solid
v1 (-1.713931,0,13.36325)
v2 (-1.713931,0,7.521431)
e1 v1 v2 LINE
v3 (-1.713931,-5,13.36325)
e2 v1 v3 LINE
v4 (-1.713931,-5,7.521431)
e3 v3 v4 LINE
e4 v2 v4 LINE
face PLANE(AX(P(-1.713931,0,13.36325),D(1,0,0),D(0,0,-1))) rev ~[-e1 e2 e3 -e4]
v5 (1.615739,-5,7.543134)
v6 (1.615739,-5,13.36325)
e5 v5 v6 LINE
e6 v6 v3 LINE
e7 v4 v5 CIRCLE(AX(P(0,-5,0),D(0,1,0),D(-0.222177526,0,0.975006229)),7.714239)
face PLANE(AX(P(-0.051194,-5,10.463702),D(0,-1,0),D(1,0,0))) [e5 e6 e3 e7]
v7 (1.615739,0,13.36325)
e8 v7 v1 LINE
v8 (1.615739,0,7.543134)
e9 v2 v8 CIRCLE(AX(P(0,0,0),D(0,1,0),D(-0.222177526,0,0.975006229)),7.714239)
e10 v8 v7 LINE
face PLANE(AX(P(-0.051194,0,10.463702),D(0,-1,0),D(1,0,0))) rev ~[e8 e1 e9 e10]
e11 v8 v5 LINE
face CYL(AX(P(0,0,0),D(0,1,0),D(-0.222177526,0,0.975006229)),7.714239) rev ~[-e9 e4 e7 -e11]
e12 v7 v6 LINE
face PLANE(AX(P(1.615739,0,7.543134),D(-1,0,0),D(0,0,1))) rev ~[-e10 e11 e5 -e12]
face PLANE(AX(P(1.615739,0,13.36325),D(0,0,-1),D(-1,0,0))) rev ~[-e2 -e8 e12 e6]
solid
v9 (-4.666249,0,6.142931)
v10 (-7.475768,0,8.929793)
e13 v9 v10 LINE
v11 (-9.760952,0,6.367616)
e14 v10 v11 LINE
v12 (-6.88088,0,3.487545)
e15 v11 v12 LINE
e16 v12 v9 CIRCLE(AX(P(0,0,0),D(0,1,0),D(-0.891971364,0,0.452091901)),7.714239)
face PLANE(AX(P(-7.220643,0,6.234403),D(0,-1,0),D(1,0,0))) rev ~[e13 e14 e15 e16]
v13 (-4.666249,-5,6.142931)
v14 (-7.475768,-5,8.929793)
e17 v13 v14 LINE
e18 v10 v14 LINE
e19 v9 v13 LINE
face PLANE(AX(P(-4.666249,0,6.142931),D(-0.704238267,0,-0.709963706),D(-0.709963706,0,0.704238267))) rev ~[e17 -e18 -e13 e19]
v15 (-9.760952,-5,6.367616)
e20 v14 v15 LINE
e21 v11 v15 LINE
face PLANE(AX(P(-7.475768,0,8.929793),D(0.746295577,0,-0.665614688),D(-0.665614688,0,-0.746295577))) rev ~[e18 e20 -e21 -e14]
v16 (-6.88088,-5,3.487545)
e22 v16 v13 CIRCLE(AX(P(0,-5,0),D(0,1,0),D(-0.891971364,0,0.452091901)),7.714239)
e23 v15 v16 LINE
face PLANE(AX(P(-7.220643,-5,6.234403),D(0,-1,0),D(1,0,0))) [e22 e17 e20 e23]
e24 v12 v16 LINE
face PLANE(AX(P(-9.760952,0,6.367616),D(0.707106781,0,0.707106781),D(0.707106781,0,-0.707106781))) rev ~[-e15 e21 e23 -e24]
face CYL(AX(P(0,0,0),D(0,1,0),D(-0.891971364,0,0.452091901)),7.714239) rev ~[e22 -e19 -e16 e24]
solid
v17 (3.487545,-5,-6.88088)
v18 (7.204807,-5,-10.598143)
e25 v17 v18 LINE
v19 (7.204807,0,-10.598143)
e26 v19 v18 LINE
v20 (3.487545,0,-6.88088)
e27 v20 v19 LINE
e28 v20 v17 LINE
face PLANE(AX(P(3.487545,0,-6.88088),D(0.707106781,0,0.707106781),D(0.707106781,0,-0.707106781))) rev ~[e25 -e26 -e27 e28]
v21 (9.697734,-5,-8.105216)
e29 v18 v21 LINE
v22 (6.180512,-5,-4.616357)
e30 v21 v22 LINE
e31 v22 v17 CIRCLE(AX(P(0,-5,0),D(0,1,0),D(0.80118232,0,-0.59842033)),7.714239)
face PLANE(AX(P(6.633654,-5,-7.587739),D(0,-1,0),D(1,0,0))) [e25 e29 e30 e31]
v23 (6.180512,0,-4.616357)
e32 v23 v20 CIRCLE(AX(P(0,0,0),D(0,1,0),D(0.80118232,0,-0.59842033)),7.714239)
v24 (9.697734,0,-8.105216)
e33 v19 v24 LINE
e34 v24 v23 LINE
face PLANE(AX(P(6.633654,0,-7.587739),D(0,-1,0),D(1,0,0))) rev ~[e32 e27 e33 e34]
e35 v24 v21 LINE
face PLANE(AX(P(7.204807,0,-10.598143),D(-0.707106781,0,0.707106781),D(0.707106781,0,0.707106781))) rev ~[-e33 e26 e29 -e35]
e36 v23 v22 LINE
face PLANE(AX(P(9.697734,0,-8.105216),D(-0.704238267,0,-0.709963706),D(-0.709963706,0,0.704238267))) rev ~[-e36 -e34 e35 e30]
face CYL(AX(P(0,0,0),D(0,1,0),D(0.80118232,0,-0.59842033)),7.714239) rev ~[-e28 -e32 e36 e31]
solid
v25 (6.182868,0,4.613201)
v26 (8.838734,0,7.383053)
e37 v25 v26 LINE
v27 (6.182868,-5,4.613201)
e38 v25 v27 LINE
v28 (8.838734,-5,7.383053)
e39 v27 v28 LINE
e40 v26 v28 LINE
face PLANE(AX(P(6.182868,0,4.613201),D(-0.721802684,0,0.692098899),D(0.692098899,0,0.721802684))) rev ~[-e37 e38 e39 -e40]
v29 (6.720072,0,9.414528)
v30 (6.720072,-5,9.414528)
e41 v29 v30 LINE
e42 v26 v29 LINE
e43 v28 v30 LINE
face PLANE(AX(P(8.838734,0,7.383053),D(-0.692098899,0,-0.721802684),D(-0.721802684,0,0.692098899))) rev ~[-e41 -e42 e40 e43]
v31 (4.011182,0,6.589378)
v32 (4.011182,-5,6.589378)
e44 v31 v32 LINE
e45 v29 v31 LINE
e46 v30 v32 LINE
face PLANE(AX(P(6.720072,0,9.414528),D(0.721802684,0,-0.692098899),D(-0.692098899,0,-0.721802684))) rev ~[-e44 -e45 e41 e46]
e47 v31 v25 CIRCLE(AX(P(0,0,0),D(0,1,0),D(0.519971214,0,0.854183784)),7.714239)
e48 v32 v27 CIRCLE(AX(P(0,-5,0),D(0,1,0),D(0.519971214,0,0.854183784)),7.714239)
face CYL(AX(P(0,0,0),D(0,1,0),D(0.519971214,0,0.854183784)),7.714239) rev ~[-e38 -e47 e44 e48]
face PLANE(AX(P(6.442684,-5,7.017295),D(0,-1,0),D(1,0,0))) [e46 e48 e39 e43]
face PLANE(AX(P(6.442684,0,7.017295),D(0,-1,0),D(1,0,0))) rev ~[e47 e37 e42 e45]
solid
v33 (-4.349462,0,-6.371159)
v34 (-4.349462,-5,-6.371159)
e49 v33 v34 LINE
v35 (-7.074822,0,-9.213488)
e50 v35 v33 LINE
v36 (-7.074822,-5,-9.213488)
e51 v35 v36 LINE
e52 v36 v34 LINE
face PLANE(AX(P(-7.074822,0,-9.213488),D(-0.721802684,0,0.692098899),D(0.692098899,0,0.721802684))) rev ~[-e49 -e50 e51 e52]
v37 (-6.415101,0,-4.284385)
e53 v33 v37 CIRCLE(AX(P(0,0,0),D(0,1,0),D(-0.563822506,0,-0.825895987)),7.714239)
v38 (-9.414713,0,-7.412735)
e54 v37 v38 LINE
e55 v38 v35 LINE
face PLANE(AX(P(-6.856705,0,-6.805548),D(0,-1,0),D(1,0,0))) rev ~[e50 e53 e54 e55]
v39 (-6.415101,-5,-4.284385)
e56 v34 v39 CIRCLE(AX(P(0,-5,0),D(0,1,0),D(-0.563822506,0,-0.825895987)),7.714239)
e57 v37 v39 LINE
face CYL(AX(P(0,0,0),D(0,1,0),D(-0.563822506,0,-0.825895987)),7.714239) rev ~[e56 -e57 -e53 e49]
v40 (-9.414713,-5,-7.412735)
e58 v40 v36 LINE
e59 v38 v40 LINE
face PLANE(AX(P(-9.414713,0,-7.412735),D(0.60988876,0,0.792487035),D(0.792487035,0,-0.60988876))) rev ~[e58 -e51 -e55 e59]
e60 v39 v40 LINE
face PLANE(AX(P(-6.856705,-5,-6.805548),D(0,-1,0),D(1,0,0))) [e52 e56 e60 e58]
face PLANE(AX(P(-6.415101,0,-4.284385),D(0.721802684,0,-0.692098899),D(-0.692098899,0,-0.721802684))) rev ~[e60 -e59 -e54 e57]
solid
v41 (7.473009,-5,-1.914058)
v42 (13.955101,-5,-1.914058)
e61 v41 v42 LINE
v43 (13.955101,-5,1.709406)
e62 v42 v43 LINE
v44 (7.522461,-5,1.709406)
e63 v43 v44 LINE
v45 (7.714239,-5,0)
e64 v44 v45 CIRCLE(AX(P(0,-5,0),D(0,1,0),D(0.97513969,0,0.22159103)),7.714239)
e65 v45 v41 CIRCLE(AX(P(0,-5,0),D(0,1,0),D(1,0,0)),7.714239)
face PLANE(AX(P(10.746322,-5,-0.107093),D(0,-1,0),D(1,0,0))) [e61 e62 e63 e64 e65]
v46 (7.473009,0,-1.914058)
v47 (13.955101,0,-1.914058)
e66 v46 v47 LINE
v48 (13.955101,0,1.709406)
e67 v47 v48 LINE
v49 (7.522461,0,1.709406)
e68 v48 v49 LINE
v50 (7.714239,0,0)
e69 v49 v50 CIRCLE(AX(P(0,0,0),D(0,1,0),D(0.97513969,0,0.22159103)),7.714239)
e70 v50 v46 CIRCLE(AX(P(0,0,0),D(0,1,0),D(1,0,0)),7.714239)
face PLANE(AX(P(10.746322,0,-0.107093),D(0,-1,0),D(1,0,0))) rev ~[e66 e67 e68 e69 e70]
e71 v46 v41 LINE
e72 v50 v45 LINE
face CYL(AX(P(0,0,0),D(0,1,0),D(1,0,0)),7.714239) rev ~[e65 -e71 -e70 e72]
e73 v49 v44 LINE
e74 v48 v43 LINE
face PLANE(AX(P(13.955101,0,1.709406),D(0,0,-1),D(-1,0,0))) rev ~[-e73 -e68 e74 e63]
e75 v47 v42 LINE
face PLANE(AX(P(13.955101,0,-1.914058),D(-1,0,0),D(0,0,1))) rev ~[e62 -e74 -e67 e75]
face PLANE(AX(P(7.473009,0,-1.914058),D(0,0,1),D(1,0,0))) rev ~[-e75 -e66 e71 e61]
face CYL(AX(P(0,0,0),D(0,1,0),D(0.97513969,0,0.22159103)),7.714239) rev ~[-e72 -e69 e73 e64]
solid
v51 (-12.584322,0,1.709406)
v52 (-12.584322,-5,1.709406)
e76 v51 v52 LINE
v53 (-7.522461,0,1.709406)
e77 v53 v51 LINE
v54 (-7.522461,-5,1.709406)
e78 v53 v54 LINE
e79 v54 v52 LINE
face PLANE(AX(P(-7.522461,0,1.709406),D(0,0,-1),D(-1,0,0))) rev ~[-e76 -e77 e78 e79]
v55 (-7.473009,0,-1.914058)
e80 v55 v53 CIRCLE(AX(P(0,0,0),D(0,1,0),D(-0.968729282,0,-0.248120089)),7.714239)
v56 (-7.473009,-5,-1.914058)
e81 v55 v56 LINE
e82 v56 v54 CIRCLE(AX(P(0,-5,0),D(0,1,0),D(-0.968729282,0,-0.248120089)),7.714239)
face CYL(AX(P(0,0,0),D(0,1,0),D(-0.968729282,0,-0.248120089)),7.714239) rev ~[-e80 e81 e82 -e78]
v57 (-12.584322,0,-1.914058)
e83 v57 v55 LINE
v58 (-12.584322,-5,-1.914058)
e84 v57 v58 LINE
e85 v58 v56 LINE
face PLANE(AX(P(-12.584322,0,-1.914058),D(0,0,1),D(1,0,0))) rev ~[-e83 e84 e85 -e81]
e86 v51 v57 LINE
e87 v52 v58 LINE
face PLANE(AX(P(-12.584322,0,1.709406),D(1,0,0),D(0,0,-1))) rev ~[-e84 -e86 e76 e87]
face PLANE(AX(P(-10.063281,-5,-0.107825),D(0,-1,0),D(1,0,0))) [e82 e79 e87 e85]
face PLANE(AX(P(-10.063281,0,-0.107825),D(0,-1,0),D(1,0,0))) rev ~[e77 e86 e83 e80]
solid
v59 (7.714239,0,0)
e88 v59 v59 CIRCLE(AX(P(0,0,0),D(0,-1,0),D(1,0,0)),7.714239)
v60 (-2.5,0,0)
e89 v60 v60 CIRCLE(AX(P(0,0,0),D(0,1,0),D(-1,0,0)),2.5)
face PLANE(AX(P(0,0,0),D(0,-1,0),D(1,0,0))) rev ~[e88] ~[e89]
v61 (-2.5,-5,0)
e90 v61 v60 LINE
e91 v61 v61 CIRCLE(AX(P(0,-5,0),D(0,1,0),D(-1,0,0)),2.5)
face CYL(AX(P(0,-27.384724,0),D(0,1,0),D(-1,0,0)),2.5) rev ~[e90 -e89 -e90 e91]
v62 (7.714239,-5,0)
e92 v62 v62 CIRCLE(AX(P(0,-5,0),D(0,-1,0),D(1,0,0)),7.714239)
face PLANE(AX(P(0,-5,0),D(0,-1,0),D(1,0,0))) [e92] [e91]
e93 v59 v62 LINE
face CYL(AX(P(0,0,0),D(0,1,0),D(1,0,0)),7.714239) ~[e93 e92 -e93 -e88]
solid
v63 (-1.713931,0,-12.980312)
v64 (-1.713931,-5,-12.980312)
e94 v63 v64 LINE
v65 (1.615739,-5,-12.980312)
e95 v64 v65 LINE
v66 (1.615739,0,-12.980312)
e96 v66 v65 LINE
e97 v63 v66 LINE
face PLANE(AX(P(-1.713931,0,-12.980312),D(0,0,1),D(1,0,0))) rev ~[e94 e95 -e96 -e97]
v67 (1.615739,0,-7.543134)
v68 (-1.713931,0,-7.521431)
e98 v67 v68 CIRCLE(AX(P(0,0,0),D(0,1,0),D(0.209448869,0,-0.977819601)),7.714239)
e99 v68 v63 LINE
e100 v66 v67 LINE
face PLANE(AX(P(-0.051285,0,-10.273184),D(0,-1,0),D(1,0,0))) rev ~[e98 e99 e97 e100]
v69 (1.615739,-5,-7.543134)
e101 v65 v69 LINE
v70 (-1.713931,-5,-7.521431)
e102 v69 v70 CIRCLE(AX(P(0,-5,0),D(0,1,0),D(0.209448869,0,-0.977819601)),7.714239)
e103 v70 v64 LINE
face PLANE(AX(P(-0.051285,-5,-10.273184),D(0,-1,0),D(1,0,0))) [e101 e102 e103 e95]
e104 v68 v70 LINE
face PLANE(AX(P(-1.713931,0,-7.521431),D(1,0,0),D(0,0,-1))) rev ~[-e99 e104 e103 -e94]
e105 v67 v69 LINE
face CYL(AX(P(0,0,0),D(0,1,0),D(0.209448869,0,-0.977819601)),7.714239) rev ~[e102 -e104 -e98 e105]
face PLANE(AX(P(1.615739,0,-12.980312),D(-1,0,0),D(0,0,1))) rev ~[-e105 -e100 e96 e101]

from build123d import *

# Parameters (mm, degrees)
F0_R     = 7.7142389087
F5_DEPTH = 5
F7_D     = 5


with BuildPart() as f5:
    # F0 (on Front) → F5 (new body)
    with BuildSketch(Plane.XZ):
        Circle(F0_R)
    extrude(amount=F5_DEPTH)

    # F7 (through all)
    with Locations(Plane.XZ.offset(5)):
        with Locations((0, 0)):
            Hole(F7_D / 2)


with BuildPart() as f5b:
    # F4 (on face) → F5, piece 2 (new body)
    with BuildSketch(Plane.XZ):
        with BuildLine():
            Line((-6.4151013281, -4.2843852407), (-9.4147128984, -7.4127353728))
            Line((-9.4147128984, -7.4127353728), (-7.0748222597, -9.2134878601))
            Line((-7.0748222597, -9.2134878601), (-4.349461512, -6.3711589602))
            ThreePointArc((-4.349461512, -6.3711589602), (-5.4824820495, -5.4269579431), (-6.4151013281, -4.2843852407))
        make_face()
    extrude(amount=F5_DEPTH)


with BuildPart() as f5c:
    # F4 (on face) → F5, piece 3 (new body)
    with BuildSketch(Plane.XZ):
        with BuildLine():
            Line((6.7200716585, 9.4145284966), (4.0111821729, 6.5893777791))
            ThreePointArc((4.0111821729, 6.5893777791), (5.191915124, 5.7055673938), (6.1828679139, 4.6132013071))
            Line((6.1828679139, 4.6132013071), (8.838734437, 7.3830534008))
            Line((8.838734437, 7.3830534008), (6.7200716585, 9.4145284966))
        make_face()
    extrude(amount=F5_DEPTH)


with BuildPart() as f5d:
    # F2 (on face) → F5, piece 4 (new body)
    with BuildSketch(Plane.XZ):
        with BuildLine():
            Line((-7.5224605391, 1.7094061477), (-12.5843221322, 1.7094061477))
            Line((-12.5843221322, 1.7094061477), (-12.5843221322, -1.9140576478))
            Line((-12.5843221322, -1.9140576478), (-7.4730091169, -1.9140576478))
            ThreePointArc((-7.4730091169, -1.9140576478), (-7.7135205983, -0.1052706983), (-7.5224605391, 1.7094061477))
        make_face()
    extrude(amount=F5_DEPTH)


with BuildPart() as f5e:
    # F2 (on face) → F5, piece 5 (new body)
    with BuildSketch(Plane.XZ):
        with BuildLine():
            Line((13.9551013708, 1.7094061477), (7.5224605391, 1.7094061477))
            ThreePointArc((7.5224605391, 1.7094061477), (7.6661443934, 0.8600651604), (7.7142389087, 0))
            ThreePointArc((7.7142389087, 0), (7.6536938675, -0.9645994624), (7.4730091169, -1.9140576478))
            Line((7.4730091169, -1.9140576478), (13.9551013708, -1.9140576478))
            Line((13.9551013708, -1.9140576478), (13.9551013708, 1.7094061477))
        make_face()
    extrude(amount=F5_DEPTH)


with BuildPart() as f5f:
    # F3 (on face) → F5, piece 6 (new body)
    with BuildSketch(Plane.XZ):
        with BuildLine():
            Line((-7.475768216, 8.9297927916), (-9.7609516233, 6.3676163554))
            Line((-9.7609516233, 6.3676163554), (-6.8808801981, 3.4875449302))
            ThreePointArc((-6.8808801981, 3.4875449302), (-5.9242567565, 4.9409173059), (-4.6662492185, 6.1429309105))
            Line((-4.6662492185, 6.1429309105), (-7.475768216, 8.9297927916))
        make_face()
    extrude(amount=F5_DEPTH)


with BuildPart() as f5g:
    # F3 (on face) → F5, piece 7 (new body)
    with BuildSketch(Plane.XZ):
        with BuildLine():
            ThreePointArc((6.1805118227, -4.6163573898), (4.9648611492, -5.9042049176), (3.4875449302, -6.8808801981))
            Line((3.4875449302, -6.8808801981), (7.2048073635, -10.5981426314))
            Line((7.2048073635, -10.5981426314), (9.6977343783, -8.1052156165))
            Line((9.6977343783, -8.1052156165), (6.1805118227, -4.6163573898))
        make_face()
    extrude(amount=F5_DEPTH)


with BuildPart() as f5h:
    # F1 (on face) → F5, piece 8 (new body)
    with BuildSketch(Plane.XZ):
        with BuildLine():
            Line((1.6157386126, 13.3632495999), (-1.7139305128, 13.3632495999))
            Line((-1.7139305128, 13.3632495999), (-1.7139305128, 7.52143099))
            ThreePointArc((-1.7139305128, 7.52143099), (-0.0502808867, 7.7140750432), (1.6157386126, 7.5431340089))
            Line((1.6157386126, 7.5431340089), (1.6157386126, 13.3632495999))
        make_face()
    extrude(amount=F5_DEPTH)


with BuildPart() as f5i:
    # F1 (on face) → F5, piece 9 (new body)
    with BuildSketch(Plane.XZ):
        with BuildLine():
            ThreePointArc((1.6157386126, -7.5431340089), (-0.0502808867, -7.7140750432), (-1.7139305128, -7.52143099))
            Line((-1.7139305128, -7.52143099), (-1.7139305128, -12.980312109))
            Line((-1.7139305128, -12.980312109), (1.6157386126, -12.980312109))
            Line((1.6157386126, -12.980312109), (1.6157386126, -7.5431340089))
        make_face()
    extrude(amount=F5_DEPTH)


solid = Compound([f5.part, f5b.part, f5c.part, f5d.part, f5e.part, f5f.part, f5g.part, f5h.part, f5i.part])
